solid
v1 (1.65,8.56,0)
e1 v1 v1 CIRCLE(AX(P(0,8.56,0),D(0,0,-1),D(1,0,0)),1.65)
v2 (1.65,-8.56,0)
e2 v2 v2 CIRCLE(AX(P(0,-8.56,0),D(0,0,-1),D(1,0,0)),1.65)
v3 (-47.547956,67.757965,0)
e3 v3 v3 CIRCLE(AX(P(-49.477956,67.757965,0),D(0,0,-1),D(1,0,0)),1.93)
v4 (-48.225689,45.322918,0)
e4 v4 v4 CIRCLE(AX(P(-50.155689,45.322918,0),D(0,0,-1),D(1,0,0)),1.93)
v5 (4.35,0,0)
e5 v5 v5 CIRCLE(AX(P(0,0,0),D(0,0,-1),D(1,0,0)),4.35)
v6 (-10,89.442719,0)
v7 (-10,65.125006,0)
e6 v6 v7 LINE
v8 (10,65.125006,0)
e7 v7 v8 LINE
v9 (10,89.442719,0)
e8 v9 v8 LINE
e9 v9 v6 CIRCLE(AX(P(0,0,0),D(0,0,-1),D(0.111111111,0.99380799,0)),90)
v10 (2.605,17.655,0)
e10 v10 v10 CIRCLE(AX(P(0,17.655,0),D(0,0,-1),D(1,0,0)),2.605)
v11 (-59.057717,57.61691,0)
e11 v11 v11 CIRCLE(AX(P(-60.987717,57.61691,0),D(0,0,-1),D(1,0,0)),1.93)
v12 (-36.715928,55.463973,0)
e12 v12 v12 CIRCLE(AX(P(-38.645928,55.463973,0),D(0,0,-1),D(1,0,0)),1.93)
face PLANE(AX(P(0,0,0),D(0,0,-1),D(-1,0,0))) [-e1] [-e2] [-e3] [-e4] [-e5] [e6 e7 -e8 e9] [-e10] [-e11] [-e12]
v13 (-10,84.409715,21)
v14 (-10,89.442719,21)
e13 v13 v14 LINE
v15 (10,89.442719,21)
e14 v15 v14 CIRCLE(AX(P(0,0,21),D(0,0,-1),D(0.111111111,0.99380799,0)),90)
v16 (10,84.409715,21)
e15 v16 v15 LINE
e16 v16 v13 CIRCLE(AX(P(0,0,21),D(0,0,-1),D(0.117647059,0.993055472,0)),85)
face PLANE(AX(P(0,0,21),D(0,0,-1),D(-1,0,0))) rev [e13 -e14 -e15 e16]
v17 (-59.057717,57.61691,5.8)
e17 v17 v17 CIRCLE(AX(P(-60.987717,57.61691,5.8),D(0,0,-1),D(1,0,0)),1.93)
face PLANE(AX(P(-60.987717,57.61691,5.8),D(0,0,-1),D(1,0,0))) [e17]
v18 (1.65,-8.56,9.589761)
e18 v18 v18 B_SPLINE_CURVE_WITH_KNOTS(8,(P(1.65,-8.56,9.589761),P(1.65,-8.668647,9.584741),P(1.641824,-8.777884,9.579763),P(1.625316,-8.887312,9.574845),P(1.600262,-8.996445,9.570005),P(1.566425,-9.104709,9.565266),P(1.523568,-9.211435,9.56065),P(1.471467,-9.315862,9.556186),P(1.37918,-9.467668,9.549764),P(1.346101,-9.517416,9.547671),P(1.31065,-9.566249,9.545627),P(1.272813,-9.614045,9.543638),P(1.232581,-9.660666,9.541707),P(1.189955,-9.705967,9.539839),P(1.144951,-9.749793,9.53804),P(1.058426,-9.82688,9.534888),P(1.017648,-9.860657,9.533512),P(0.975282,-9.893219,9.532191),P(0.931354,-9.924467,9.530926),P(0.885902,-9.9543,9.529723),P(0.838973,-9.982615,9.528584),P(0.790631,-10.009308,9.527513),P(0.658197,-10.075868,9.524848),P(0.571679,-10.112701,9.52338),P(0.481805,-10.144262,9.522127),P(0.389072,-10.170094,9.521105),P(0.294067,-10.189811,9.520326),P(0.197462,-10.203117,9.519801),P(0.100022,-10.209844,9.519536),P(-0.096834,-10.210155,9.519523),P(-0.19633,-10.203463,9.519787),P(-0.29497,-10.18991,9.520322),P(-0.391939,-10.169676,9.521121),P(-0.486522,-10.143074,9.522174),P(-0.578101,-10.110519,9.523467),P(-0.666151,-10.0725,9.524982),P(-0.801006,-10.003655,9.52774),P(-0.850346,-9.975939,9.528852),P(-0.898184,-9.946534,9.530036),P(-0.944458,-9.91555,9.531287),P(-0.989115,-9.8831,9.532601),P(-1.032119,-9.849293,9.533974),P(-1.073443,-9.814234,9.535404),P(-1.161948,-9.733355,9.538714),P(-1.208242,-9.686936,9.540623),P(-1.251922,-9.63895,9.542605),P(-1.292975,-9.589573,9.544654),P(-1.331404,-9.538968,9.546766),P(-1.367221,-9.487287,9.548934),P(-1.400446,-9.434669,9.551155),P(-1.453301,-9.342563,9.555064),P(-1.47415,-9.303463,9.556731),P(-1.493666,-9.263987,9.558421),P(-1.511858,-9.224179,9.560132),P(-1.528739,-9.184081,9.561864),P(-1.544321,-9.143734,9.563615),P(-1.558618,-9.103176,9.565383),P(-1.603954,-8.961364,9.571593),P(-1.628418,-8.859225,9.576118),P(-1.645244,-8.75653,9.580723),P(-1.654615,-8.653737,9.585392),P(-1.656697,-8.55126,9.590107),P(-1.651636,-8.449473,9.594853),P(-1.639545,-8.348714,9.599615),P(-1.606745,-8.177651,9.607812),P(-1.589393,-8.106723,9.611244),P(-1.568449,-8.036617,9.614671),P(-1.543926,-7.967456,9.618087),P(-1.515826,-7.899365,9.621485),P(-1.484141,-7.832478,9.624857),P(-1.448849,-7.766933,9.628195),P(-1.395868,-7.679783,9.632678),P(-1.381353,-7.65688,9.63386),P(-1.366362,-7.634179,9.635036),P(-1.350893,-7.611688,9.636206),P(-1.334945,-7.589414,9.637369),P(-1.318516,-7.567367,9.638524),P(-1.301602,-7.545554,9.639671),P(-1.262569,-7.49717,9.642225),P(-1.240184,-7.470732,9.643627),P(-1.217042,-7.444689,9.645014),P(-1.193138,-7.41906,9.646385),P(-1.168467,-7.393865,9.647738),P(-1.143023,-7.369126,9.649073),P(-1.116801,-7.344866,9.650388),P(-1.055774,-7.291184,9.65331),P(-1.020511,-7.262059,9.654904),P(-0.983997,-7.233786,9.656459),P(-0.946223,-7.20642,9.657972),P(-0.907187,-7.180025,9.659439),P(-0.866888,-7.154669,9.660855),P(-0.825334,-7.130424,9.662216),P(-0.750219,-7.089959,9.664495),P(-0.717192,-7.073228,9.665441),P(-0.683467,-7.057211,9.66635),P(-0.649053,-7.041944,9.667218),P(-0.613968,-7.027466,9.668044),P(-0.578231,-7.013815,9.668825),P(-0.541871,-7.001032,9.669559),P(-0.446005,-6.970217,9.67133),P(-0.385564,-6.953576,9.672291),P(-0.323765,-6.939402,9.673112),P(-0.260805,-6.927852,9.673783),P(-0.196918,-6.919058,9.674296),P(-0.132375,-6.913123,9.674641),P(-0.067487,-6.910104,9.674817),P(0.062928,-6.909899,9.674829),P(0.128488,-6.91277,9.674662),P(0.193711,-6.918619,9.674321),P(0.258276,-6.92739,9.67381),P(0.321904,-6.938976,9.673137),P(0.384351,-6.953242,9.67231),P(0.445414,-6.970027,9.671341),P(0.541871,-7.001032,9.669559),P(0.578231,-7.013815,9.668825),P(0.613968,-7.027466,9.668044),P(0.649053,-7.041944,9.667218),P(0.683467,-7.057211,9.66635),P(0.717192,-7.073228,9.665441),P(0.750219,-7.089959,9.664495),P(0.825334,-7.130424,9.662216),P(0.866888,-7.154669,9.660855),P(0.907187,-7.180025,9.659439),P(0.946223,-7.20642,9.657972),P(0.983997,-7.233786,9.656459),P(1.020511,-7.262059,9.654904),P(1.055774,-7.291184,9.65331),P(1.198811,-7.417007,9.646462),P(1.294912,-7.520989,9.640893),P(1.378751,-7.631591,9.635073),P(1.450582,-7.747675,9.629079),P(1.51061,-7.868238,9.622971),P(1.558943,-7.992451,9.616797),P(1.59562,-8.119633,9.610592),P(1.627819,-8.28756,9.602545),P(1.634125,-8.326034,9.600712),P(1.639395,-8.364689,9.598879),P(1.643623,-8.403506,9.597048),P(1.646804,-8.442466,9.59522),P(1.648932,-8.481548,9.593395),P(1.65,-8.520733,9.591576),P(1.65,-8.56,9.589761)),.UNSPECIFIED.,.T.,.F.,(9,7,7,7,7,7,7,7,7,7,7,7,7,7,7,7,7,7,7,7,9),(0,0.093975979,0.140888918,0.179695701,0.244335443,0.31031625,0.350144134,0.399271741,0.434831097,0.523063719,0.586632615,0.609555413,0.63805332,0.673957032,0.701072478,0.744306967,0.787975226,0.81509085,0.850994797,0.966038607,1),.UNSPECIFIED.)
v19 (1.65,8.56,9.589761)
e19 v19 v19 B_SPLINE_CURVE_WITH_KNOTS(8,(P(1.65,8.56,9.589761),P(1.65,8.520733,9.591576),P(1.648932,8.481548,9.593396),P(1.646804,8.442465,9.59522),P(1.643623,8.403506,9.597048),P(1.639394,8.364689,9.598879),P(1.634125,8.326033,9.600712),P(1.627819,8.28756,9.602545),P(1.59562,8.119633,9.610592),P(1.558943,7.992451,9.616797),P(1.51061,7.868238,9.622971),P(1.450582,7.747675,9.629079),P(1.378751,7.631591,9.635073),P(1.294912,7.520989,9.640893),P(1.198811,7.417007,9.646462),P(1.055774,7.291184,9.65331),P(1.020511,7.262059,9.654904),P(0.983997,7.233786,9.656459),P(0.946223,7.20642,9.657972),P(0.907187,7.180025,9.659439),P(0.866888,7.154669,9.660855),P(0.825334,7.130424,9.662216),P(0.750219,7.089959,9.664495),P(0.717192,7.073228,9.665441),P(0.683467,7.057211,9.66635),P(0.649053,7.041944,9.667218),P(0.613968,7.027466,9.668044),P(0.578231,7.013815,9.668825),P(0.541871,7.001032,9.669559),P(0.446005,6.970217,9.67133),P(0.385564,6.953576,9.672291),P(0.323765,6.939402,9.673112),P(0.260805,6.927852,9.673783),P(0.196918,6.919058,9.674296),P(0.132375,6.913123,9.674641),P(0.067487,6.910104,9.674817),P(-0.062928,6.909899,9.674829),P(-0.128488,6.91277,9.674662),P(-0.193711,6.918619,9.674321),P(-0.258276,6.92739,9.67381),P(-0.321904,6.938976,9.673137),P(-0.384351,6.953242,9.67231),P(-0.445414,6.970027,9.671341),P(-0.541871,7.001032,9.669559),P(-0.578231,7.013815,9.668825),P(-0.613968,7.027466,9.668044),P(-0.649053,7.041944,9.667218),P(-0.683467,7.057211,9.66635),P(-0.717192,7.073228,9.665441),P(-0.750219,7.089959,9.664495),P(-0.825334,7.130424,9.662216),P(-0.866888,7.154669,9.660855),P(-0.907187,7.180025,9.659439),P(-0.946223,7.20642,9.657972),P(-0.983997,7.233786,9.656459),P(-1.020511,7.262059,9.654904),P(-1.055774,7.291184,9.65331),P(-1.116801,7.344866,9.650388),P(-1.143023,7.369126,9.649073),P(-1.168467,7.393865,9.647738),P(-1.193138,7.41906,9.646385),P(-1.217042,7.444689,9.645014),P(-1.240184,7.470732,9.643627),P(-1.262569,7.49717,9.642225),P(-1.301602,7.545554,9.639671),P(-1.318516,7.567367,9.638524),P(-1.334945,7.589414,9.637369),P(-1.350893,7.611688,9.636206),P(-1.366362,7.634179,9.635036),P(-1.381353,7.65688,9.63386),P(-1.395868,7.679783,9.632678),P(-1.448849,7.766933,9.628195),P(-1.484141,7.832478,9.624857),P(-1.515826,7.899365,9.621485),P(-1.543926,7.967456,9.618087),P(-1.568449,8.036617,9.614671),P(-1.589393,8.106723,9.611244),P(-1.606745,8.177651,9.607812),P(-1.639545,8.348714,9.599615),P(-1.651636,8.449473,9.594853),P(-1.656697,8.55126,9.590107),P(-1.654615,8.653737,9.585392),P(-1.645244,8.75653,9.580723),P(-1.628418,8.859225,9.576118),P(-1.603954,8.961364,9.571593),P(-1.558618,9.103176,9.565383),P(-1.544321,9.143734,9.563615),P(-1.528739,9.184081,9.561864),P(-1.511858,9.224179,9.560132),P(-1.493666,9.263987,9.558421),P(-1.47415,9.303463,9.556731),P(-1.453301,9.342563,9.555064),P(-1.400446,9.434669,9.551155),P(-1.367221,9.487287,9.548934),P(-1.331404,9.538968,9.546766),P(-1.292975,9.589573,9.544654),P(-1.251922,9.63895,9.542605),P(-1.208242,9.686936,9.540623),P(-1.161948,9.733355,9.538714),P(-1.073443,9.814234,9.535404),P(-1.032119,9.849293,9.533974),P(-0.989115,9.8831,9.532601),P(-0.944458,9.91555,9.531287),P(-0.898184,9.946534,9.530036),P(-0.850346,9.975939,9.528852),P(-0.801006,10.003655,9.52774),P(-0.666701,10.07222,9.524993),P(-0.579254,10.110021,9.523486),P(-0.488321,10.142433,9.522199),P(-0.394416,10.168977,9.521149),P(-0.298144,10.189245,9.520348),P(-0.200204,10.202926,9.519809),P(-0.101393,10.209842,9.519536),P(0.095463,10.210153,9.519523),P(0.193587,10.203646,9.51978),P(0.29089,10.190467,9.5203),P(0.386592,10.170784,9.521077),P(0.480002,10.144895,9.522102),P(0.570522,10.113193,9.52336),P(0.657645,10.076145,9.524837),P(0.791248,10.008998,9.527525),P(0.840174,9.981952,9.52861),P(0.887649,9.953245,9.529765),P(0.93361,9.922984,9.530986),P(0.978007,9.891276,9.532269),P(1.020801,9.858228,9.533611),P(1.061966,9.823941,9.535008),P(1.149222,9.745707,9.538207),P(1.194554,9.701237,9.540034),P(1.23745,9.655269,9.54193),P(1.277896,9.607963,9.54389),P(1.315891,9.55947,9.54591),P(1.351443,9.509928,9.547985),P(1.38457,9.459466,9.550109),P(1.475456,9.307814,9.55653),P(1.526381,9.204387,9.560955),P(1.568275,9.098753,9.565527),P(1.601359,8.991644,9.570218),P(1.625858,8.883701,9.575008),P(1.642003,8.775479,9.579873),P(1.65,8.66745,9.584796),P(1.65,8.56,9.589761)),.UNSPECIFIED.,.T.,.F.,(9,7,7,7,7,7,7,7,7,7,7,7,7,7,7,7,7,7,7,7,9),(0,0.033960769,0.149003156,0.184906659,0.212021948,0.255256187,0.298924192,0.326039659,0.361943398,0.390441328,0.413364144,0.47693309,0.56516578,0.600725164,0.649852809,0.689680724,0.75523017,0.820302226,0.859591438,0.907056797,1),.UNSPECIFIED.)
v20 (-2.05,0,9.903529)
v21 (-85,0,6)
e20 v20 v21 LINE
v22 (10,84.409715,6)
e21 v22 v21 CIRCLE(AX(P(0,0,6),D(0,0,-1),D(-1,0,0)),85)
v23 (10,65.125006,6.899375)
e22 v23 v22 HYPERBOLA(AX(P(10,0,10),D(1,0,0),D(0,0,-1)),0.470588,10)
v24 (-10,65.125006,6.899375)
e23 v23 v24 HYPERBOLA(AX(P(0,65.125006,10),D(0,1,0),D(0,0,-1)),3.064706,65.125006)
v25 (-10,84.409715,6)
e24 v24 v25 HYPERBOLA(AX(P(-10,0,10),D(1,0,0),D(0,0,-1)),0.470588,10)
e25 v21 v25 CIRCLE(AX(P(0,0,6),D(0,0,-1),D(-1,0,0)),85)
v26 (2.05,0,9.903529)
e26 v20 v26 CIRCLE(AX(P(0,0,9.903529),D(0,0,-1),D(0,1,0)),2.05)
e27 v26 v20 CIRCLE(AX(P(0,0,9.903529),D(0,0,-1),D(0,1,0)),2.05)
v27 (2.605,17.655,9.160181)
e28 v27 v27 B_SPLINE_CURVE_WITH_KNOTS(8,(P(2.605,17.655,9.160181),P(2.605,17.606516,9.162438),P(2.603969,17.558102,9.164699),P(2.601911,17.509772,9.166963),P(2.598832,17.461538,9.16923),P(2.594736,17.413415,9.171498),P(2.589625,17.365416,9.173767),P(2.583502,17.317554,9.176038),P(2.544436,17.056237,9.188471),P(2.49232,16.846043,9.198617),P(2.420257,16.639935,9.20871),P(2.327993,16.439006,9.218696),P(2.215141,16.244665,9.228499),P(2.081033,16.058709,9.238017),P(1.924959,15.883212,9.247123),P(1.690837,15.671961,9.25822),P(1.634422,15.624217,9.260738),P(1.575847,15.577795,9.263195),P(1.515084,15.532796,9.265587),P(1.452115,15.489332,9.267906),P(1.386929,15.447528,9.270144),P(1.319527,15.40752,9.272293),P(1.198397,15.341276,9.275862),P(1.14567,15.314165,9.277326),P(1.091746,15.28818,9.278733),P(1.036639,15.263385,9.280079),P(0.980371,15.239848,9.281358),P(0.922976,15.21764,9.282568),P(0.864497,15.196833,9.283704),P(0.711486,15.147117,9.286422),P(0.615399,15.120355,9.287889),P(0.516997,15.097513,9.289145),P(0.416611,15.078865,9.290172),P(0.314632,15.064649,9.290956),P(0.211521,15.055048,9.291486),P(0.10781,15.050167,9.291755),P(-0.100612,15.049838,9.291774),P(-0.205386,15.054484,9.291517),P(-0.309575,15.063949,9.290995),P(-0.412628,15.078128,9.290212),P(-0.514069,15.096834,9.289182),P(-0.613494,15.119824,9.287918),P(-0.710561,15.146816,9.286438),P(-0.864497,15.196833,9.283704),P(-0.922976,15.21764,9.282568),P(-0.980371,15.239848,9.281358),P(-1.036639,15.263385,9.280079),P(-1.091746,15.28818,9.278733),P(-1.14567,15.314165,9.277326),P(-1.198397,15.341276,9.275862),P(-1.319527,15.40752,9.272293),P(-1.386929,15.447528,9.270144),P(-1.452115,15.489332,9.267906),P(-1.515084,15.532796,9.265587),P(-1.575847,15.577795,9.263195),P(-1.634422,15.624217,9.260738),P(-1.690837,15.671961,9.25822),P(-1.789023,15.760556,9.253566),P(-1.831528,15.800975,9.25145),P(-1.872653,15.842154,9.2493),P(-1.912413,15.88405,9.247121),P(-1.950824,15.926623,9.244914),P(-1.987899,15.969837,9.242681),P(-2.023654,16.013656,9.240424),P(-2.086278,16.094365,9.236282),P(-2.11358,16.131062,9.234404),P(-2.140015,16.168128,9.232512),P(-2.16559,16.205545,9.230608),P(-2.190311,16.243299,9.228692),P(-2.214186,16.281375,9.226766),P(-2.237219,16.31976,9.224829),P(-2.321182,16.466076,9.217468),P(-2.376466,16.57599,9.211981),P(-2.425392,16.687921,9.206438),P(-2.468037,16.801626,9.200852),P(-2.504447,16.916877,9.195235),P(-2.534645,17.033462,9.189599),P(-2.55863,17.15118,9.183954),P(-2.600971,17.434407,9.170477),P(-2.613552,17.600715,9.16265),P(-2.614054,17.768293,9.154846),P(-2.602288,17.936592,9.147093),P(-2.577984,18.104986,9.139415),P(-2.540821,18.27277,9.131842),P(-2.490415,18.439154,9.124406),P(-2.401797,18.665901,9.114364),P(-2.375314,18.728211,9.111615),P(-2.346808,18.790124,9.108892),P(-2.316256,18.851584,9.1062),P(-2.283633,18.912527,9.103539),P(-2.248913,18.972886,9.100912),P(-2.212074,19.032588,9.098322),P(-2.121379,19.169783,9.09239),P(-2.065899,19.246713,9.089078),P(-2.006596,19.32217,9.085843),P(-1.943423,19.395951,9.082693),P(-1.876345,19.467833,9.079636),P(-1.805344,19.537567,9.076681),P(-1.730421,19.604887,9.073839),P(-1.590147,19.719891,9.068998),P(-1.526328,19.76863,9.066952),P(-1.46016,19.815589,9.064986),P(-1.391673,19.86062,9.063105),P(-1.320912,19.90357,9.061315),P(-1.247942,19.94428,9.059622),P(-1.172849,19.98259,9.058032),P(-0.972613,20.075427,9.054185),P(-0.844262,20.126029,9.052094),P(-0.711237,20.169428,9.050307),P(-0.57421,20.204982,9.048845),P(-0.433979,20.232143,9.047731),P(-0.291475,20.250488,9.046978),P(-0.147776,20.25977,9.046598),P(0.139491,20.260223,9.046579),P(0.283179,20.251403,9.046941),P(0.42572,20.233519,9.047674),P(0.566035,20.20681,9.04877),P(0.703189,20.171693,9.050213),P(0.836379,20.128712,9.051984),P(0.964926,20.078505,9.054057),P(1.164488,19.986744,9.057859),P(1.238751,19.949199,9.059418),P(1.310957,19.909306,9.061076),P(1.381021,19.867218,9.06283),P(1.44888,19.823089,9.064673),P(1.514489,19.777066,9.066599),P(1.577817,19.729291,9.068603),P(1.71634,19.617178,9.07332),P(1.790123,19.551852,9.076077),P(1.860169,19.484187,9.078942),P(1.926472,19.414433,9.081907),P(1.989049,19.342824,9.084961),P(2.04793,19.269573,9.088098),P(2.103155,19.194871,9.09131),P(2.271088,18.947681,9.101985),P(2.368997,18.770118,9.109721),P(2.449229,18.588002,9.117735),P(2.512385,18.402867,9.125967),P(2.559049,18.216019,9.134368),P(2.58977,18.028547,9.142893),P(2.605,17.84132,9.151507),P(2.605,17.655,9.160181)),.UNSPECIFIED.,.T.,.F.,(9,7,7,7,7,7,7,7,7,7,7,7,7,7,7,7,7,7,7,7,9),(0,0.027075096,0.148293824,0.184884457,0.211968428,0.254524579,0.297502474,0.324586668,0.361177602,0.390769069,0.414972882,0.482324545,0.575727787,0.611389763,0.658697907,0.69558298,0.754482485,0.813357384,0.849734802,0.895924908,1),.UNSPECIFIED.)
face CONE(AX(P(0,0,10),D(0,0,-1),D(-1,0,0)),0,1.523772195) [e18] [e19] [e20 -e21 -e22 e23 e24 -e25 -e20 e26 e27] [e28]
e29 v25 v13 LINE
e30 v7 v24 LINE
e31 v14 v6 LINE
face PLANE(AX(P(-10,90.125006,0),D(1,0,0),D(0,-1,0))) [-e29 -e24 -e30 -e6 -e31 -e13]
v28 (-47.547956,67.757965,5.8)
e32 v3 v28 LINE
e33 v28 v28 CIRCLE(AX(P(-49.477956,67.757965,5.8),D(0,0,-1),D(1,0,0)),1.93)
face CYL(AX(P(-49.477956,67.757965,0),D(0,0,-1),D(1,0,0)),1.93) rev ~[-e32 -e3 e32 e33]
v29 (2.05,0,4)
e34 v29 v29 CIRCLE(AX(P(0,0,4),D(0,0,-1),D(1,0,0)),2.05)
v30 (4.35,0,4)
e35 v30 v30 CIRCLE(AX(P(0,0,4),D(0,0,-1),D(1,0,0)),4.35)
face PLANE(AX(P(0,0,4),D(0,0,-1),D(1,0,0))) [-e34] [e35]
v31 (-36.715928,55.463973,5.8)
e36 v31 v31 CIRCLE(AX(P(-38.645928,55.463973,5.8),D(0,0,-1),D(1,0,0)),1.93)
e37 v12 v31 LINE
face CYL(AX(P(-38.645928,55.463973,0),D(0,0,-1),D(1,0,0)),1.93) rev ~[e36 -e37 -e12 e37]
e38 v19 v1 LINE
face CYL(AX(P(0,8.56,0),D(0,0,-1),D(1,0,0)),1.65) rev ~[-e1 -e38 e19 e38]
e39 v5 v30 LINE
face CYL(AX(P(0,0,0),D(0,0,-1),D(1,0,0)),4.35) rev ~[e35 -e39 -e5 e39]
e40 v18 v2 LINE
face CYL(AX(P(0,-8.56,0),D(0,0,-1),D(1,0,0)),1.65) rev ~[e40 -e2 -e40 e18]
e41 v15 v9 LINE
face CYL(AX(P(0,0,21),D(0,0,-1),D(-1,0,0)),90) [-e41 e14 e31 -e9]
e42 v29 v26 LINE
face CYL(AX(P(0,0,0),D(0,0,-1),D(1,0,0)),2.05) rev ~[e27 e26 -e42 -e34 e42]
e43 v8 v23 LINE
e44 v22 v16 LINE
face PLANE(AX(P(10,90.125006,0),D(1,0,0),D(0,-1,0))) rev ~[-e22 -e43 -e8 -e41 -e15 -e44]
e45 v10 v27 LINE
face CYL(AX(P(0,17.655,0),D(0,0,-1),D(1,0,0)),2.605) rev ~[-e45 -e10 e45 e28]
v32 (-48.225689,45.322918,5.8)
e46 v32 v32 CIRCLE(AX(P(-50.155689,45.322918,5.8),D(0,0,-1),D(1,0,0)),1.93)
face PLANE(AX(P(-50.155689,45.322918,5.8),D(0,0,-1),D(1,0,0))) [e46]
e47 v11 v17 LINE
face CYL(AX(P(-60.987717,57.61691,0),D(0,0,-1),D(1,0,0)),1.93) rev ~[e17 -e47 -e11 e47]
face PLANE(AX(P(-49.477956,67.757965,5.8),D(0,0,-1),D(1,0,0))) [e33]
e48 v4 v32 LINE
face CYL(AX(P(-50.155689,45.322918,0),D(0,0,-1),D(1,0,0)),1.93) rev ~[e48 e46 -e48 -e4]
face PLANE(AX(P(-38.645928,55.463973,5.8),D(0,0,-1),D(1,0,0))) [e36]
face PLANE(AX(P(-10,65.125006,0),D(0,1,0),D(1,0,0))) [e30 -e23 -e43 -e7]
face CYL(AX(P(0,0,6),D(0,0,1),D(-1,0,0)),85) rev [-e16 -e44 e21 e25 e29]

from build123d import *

# Parameters (mm, degrees)
F2_R       = 2.05
F3_DEPTH   = 20
F4_W       = 20
F4_H       = 25
F5_DEPTH   = 25
F6_R       = 1.93
F7_DEPTH   = 5.8
F8_R       = 2.605
F9_DEPTH   = 25
F10_R      = 4.35
F10_R_2    = 1.65
F11_DEPTH  = 4
F11_FACE_R = 1.65
F13_DEPTH  = 25
F14_ANGLE  = -90
F15_ANGLE  = -270


with BuildPart() as f1:
    # F0 (on Front) → F1 (revolve)
    with BuildSketch(Plane.XZ):
        Polygon((-90, 0), (0, 0), (0, 10), (-85, 6), (-85, 21), (-90, 21), align=None)
    revolve(axis=Axis((0, 0, -12.121966), (0, 0, -1)))

    # F2 (on face) → F3 (cut)
    with BuildSketch(Plane(origin=(0, 0, 0), x_dir=(1, 0, 0), z_dir=(0, 0, -1))):
        Circle(F2_R)
    extrude(amount=-F3_DEPTH, mode=Mode.SUBTRACT)

    # F4 (on face) → F5 (cut)
    with BuildSketch(Plane(origin=(0, 0, 0), x_dir=(1, 0, 0), z_dir=(0, 0, -1))):
        with Locations((0, -77.625006)):
            Rectangle(F4_W, F4_H)
    extrude(amount=-F5_DEPTH, mode=Mode.SUBTRACT)

    # F6 (on face) → F7 (cut)
    with BuildSketch(Plane(origin=(0, 0, 0), x_dir=(1, 0, 0), z_dir=(0, 0, -1))):
        with Locations((-49.477956, -67.757965)):
            Circle(F6_R)
        with Locations((-50.155689, -45.322918)):
            Circle(F6_R)
        with Locations((-60.987717, -57.61691)):
            Circle(F6_R)
        with Locations((-38.645928, -55.463973)):
            Circle(F6_R)
    extrude(amount=-F7_DEPTH, mode=Mode.SUBTRACT)

    # F8 (on face) → F9 (cut)
    with BuildSketch(Plane(origin=(0, 0, 0), x_dir=(1, 0, 0), z_dir=(0, 0, -1))):
        with Locations((0, -17.655)):
            Circle(F8_R)
    extrude(amount=-F9_DEPTH, mode=Mode.SUBTRACT)

    # F10 (on face) → F11 (cut)
    with BuildSketch(Plane(origin=(0, 0, 0), x_dir=(1, 0, 0), z_dir=(0, 0, -1))):
        Circle(F10_R)
        with Locations((0, -8.56)):
            Circle(F10_R_2)
        with Locations((0, 8.56)):
            Circle(F10_R_2)
    extrude(amount=-F11_DEPTH, mode=Mode.SUBTRACT)

    # F11_face (on face) → F13 (cut)
    with BuildSketch(Plane(origin=(0, -8.56, 4), x_dir=(1, 0, 0), z_dir=(0, 0, -1))):
        Circle(F11_FACE_R)
        with Locations((0, -17.12)):
            Circle(F11_FACE_R)
    extrude(amount=-F13_DEPTH, mode=Mode.SUBTRACT)


with BuildPart() as f1_1:
    # F14: moved
    add(f1.part.rotate(Axis((-0.498306, 0, 0), (1, 0, 0)), F14_ANGLE))


with BuildPart() as f1_2:
    # F15: moved
    add(f1_1.part.rotate(Axis((-0.498306, 0, 0), (1, 0, 0)), F15_ANGLE))


solid = f1_2.part
